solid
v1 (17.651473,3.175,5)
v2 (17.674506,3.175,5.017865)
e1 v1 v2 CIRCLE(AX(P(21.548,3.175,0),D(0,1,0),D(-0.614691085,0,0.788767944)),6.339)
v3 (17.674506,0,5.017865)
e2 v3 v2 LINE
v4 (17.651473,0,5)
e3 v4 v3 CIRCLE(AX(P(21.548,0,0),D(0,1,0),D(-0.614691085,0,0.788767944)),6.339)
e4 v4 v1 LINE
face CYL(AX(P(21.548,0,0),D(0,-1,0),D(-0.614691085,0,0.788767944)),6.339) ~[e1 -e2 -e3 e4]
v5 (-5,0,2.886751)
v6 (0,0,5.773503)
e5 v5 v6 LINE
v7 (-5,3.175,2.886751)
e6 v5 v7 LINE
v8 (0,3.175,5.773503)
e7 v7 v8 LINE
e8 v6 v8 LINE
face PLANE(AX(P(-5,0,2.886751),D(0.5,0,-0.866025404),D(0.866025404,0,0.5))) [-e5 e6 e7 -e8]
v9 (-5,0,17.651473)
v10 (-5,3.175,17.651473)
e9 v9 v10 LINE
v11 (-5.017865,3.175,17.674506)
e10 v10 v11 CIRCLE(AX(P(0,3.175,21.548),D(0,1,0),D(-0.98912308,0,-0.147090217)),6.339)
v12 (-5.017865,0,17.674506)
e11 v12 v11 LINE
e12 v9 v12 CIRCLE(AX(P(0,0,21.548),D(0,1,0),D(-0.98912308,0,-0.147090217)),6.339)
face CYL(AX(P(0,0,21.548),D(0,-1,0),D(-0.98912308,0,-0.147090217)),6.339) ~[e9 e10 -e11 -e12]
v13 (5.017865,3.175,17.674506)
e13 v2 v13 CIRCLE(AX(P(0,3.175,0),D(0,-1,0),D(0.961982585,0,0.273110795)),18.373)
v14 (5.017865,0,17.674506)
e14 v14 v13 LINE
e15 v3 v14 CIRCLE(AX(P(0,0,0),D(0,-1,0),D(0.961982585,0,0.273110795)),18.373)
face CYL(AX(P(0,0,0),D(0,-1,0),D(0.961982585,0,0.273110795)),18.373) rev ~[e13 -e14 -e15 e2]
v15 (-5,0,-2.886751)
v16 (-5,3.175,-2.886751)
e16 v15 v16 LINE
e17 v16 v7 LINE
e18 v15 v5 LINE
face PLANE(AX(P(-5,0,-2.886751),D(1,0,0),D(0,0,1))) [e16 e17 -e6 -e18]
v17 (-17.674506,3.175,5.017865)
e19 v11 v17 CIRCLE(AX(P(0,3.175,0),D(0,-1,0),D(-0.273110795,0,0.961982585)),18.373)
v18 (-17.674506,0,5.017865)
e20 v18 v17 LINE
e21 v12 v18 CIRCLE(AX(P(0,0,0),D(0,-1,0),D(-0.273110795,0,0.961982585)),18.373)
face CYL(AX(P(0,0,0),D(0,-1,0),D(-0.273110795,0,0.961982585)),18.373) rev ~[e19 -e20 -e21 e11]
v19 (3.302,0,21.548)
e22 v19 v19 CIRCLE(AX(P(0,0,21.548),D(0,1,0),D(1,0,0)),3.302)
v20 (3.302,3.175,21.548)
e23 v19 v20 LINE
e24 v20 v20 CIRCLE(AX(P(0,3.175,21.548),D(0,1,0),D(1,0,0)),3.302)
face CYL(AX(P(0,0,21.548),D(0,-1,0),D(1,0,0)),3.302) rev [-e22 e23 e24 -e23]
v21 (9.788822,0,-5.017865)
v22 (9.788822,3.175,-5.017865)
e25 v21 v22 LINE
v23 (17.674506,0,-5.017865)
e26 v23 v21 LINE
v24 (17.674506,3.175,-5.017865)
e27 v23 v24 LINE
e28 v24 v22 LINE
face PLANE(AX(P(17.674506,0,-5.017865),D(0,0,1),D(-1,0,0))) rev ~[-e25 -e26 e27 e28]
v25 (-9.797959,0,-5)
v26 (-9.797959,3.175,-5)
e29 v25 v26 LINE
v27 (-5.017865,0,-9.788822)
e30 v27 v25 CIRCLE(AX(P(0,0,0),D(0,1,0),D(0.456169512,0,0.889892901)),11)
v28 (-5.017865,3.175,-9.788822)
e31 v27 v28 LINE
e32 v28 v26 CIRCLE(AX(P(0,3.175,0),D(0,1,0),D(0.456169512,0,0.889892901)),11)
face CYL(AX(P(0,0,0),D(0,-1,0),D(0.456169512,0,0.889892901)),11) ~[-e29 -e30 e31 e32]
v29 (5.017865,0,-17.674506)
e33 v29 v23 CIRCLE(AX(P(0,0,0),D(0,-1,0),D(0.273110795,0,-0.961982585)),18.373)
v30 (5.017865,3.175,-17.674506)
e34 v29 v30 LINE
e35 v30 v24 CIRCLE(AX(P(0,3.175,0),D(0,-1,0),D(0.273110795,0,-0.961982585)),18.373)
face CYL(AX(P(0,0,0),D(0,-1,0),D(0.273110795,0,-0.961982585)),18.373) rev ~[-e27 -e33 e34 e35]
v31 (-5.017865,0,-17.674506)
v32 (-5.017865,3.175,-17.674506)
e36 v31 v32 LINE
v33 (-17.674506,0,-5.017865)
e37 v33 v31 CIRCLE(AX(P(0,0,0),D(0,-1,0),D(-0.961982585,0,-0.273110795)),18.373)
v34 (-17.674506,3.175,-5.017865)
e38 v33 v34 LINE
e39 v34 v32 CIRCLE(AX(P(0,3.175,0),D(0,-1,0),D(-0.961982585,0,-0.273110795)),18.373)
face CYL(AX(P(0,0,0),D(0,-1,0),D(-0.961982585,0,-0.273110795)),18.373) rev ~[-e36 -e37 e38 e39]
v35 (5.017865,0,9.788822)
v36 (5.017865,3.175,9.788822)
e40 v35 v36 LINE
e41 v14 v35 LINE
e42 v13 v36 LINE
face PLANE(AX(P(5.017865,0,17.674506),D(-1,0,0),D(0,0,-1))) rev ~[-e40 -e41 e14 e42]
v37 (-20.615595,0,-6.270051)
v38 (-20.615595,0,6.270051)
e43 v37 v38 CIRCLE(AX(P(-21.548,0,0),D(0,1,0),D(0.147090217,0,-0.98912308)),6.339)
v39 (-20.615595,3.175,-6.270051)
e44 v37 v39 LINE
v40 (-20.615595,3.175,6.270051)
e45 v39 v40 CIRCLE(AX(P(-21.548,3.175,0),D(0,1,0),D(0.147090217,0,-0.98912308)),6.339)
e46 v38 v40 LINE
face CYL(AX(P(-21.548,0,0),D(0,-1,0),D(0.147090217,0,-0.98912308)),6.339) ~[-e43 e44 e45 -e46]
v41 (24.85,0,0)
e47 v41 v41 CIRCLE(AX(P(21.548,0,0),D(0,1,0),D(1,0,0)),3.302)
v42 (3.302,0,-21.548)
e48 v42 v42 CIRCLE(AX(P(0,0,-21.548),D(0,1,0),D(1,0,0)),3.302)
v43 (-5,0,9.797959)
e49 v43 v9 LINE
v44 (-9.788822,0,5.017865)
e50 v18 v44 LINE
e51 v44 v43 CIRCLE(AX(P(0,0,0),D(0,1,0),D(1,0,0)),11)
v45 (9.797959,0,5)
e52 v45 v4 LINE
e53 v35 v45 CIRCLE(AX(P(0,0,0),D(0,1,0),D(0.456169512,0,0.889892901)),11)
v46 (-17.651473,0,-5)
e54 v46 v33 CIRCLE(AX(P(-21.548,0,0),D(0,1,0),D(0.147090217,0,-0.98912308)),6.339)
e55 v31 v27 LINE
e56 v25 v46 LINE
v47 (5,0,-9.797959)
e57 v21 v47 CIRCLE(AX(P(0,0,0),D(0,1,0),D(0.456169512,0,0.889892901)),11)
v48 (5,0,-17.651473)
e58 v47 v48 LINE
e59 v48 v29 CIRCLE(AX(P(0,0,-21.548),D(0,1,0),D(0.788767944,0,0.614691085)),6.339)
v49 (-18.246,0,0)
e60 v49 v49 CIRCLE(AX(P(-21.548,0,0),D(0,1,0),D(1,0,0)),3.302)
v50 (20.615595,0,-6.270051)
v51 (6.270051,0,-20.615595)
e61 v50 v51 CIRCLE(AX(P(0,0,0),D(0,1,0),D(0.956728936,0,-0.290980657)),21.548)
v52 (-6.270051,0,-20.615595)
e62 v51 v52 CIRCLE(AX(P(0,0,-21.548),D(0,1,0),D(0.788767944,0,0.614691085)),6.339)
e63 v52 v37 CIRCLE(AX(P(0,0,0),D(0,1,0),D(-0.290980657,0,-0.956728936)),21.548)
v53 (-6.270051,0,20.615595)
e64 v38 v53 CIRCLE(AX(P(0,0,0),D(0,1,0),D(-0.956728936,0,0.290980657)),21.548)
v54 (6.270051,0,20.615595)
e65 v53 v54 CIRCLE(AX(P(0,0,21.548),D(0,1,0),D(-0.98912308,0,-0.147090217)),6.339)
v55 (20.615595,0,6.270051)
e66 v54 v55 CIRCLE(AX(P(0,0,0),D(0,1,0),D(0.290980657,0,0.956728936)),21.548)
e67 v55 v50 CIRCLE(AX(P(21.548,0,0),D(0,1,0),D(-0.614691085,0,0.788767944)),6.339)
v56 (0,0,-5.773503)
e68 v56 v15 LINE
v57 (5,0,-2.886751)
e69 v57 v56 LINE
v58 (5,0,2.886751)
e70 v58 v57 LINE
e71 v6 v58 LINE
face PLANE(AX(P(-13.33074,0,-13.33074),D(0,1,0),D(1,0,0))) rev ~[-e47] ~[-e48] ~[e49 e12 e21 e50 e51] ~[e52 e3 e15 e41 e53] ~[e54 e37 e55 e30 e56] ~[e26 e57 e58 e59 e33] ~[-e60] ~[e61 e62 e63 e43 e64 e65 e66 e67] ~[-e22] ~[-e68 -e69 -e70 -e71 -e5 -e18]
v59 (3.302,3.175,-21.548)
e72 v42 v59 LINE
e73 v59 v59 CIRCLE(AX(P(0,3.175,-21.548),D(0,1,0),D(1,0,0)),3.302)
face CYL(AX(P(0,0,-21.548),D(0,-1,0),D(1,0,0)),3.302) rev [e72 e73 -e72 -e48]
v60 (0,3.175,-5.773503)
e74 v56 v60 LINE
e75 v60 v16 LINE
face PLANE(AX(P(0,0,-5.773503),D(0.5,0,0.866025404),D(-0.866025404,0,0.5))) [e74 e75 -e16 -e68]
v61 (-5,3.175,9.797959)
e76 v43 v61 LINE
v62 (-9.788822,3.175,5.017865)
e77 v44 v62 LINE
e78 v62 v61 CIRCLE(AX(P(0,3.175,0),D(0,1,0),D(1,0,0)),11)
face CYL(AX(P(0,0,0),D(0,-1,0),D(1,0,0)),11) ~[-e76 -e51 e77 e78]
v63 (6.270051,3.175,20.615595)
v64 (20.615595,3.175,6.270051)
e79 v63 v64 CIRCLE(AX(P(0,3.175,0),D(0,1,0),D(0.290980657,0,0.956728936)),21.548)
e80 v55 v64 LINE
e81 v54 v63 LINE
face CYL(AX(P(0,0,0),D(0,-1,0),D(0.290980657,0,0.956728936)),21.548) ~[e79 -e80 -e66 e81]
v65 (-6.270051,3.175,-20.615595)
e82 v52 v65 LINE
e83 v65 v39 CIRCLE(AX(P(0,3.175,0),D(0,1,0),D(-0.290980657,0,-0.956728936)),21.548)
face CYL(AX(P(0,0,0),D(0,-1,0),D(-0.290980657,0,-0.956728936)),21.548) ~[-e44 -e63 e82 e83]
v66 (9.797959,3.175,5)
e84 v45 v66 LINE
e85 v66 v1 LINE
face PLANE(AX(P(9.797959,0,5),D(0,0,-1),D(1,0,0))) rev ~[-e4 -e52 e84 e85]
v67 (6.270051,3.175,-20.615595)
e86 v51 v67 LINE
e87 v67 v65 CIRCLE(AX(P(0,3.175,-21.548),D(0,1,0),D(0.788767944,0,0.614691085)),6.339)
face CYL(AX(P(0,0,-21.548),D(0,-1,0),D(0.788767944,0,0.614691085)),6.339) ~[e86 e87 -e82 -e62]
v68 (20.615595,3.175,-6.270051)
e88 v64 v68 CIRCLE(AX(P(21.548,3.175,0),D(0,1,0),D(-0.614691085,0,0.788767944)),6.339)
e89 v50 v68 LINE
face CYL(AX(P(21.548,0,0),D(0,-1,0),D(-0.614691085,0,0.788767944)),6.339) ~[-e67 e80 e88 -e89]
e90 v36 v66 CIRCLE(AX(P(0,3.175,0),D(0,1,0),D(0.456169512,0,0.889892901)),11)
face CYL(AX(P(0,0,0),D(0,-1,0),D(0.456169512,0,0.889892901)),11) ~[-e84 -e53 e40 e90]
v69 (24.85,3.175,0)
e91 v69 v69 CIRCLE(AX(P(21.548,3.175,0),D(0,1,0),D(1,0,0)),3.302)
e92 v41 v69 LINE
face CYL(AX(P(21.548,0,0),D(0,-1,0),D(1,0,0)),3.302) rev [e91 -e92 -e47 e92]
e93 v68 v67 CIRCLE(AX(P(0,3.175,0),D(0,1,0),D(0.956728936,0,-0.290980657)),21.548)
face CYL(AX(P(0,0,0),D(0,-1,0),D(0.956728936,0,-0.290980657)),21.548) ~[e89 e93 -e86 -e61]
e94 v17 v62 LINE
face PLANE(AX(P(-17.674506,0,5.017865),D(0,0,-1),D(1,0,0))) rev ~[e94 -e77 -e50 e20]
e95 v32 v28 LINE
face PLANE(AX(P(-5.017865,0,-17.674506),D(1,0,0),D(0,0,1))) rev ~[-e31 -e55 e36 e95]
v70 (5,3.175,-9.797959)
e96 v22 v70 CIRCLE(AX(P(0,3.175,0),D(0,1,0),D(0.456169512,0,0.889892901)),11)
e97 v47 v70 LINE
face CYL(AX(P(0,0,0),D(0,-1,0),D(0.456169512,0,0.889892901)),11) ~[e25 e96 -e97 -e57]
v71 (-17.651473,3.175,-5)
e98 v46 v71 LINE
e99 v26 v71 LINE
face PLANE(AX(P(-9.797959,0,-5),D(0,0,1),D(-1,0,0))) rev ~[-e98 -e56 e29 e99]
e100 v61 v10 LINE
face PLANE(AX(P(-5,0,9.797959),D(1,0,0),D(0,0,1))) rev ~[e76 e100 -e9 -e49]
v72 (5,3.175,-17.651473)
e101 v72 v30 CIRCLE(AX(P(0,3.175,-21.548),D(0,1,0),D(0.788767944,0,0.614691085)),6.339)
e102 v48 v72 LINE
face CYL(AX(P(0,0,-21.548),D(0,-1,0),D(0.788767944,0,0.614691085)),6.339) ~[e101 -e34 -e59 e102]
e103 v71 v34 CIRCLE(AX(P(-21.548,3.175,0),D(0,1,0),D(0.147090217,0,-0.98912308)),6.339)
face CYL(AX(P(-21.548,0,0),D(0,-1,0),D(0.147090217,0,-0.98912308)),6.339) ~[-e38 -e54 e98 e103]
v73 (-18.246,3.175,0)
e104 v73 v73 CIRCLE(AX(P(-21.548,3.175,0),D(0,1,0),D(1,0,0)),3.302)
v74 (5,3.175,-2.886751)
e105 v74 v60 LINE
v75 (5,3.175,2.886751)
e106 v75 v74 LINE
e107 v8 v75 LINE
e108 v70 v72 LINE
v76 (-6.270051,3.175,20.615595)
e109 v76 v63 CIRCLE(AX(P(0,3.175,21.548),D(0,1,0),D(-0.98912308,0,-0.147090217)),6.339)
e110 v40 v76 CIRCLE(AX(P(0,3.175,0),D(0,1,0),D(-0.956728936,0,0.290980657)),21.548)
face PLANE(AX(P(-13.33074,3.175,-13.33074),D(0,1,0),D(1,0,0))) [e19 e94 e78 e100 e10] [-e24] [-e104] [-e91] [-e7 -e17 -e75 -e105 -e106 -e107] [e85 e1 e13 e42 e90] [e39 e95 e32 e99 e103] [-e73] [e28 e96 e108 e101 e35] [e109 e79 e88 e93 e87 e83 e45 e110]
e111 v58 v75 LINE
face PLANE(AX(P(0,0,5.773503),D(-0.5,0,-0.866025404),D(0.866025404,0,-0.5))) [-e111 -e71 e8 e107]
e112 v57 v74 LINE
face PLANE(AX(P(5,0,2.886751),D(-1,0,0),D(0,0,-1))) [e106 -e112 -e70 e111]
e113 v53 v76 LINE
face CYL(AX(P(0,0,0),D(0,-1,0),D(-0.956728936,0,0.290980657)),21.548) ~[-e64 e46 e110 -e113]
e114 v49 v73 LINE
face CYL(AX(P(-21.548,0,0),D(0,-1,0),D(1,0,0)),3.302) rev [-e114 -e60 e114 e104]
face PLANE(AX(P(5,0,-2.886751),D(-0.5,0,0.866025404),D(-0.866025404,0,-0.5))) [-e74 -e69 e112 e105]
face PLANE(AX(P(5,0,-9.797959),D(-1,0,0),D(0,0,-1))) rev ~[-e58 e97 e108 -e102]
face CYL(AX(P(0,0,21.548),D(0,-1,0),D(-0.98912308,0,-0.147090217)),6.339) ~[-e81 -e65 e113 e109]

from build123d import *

# Parameters (mm, degrees)
SKETCH1_R           = 6.339
SKETCH1_R_2         = 3.302
SKETCH1_R_3         = 11
BOSS_EXTRUDE1_DEPTH = 3.175


with BuildPart() as part:
    # Sketch1 → Boss-Extrude1 (new body)
    with BuildSketch(Plane(origin=(0, 0, 0), x_dir=(1, 0, 0), z_dir=(0, 1, 0))):
        with BuildLine():
            ThreePointArc((-17.674506033, 5.017864634), (-12.991672891, 12.991672891), (-5.017864634, 17.674506033))
            ThreePointArc((-5.017864634, 17.674506033), (-5.832389069, 19.064824865), (-6.270051206, 20.615595113))
            ThreePointArc((-6.270051206, 20.615595113), (-15.236736921, 15.236736921), (-20.615595113, 6.270051206))
            ThreePointArc((-20.615595113, 6.270051206), (-19.064824865, 5.832389069), (-17.674506033, 5.017864634))
        make_face()
        with Locations((-21.548, 0)):
            Circle(SKETCH1_R)
        with Locations((-21.548, 0)):
            Circle(SKETCH1_R_2, mode=Mode.SUBTRACT)
        with BuildLine():
            ThreePointArc((-17.674506033, -5.017864634), (-19.064824865, -5.832389069), (-20.615595113, -6.270051206))
            ThreePointArc((-20.615595113, -6.270051206), (-15.236736921, -15.236736921), (-6.270051206, -20.615595113))
            ThreePointArc((-6.270051206, -20.615595113), (-5.832389069, -19.064824865), (-5.017864634, -17.674506033))
            ThreePointArc((-5.017864634, -17.674506033), (-12.991672891, -12.991672891), (-17.674506033, -5.017864634))
        make_face()
        with Locations((0, -21.548)):
            Circle(SKETCH1_R)
        with Locations((0, -21.548)):
            Circle(SKETCH1_R_2, mode=Mode.SUBTRACT)
        with BuildLine():
            ThreePointArc((-9.788821916, -5.017864634), (-10.999995425, -0.010032833), (-9.797958971, 5))
            Line((-9.797958971, 5), (-17.651473213, 5))
            ThreePointArc((-17.651473213, 5), (-15.852255786, 2.782340534), (-15.209, 0))
            ThreePointArc((-15.209, 0), (-15.85866791, -2.795428656), (-17.674506033, -5.017864634))
            Line((-17.674506033, -5.017864634), (-9.788821916, -5.017864634))
        make_face()
        with BuildLine():
            ThreePointArc((5.017864634, -9.788821916), (0.010032833, -10.999995425), (-5, -9.797958971))
            Line((-5, -9.797958971), (-5, -17.651473213))
            ThreePointArc((-5, -17.651473213), (0.014574429, -15.209016755), (5.017864634, -17.674506033))
            Line((5.017864634, -17.674506033), (5.017864634, -9.788821916))
        make_face()
        Circle(SKETCH1_R_3)
        Polygon((5, 2.886751346), (0, 5.773502692), (-5, 2.886751346), (-5, -2.886751346), (0, -5.773502692), (5, -2.886751346), align=None, mode=Mode.SUBTRACT)
        with BuildLine():
            ThreePointArc((5, 17.651473213), (-0.014574429, 15.209016755), (-5.017864634, 17.674506033))
            Line((-5.017864634, 17.674506033), (-5.017864634, 9.788821916))
            ThreePointArc((-5.017864634, 9.788821916), (-0.010032833, 10.999995425), (5, 9.797958971))
            Line((5, 9.797958971), (5, 17.651473213))
        make_face()
        with Locations((0, 21.548)):
            Circle(SKETCH1_R)
        with Locations((0, 21.548)):
            Circle(SKETCH1_R_2, mode=Mode.SUBTRACT)
        with BuildLine():
            ThreePointArc((6.270051206, 20.615595113), (5.832389069, 19.064824865), (5.017864634, 17.674506033))
            ThreePointArc((5.017864634, 17.674506033), (12.991672891, 12.991672891), (17.674506033, 5.017864634))
            ThreePointArc((17.674506033, 5.017864634), (19.064824865, 5.832389069), (20.615595113, 6.270051206))
            ThreePointArc((20.615595113, 6.270051206), (15.236736921, 15.236736921), (6.270051206, 20.615595113))
        make_face()
        with BuildLine():
            Line((17.674506033, 5.017864634), (9.788821916, 5.017864634))
            ThreePointArc((9.788821916, 5.017864634), (10.692919178, 2.580984204), (11, 0))
            ThreePointArc((11, 0), (10.695268783, -2.571230378), (9.797958971, -5))
            Line((9.797958971, -5), (17.651473213, -5))
            ThreePointArc((17.651473213, -5), (15.209016755, 0.014574429), (17.674506033, 5.017864634))
        make_face()
        with Locations((21.548, 0)):
            Circle(SKETCH1_R)
        with Locations((21.548, 0)):
            Circle(SKETCH1_R_2, mode=Mode.SUBTRACT)
        with BuildLine():
            ThreePointArc((20.615595113, -6.270051206), (19.064824865, -5.832389069), (17.674506033, -5.017864634))
            ThreePointArc((17.674506033, -5.017864634), (12.991672891, -12.991672891), (5.017864634, -17.674506033))
            ThreePointArc((5.017864634, -17.674506033), (5.832389069, -19.064824865), (6.270051206, -20.615595113))
            ThreePointArc((6.270051206, -20.615595113), (15.236736921, -15.236736921), (20.615595113, -6.270051206))
        make_face()
    extrude(amount=BOSS_EXTRUDE1_DEPTH)


solid = part.part
